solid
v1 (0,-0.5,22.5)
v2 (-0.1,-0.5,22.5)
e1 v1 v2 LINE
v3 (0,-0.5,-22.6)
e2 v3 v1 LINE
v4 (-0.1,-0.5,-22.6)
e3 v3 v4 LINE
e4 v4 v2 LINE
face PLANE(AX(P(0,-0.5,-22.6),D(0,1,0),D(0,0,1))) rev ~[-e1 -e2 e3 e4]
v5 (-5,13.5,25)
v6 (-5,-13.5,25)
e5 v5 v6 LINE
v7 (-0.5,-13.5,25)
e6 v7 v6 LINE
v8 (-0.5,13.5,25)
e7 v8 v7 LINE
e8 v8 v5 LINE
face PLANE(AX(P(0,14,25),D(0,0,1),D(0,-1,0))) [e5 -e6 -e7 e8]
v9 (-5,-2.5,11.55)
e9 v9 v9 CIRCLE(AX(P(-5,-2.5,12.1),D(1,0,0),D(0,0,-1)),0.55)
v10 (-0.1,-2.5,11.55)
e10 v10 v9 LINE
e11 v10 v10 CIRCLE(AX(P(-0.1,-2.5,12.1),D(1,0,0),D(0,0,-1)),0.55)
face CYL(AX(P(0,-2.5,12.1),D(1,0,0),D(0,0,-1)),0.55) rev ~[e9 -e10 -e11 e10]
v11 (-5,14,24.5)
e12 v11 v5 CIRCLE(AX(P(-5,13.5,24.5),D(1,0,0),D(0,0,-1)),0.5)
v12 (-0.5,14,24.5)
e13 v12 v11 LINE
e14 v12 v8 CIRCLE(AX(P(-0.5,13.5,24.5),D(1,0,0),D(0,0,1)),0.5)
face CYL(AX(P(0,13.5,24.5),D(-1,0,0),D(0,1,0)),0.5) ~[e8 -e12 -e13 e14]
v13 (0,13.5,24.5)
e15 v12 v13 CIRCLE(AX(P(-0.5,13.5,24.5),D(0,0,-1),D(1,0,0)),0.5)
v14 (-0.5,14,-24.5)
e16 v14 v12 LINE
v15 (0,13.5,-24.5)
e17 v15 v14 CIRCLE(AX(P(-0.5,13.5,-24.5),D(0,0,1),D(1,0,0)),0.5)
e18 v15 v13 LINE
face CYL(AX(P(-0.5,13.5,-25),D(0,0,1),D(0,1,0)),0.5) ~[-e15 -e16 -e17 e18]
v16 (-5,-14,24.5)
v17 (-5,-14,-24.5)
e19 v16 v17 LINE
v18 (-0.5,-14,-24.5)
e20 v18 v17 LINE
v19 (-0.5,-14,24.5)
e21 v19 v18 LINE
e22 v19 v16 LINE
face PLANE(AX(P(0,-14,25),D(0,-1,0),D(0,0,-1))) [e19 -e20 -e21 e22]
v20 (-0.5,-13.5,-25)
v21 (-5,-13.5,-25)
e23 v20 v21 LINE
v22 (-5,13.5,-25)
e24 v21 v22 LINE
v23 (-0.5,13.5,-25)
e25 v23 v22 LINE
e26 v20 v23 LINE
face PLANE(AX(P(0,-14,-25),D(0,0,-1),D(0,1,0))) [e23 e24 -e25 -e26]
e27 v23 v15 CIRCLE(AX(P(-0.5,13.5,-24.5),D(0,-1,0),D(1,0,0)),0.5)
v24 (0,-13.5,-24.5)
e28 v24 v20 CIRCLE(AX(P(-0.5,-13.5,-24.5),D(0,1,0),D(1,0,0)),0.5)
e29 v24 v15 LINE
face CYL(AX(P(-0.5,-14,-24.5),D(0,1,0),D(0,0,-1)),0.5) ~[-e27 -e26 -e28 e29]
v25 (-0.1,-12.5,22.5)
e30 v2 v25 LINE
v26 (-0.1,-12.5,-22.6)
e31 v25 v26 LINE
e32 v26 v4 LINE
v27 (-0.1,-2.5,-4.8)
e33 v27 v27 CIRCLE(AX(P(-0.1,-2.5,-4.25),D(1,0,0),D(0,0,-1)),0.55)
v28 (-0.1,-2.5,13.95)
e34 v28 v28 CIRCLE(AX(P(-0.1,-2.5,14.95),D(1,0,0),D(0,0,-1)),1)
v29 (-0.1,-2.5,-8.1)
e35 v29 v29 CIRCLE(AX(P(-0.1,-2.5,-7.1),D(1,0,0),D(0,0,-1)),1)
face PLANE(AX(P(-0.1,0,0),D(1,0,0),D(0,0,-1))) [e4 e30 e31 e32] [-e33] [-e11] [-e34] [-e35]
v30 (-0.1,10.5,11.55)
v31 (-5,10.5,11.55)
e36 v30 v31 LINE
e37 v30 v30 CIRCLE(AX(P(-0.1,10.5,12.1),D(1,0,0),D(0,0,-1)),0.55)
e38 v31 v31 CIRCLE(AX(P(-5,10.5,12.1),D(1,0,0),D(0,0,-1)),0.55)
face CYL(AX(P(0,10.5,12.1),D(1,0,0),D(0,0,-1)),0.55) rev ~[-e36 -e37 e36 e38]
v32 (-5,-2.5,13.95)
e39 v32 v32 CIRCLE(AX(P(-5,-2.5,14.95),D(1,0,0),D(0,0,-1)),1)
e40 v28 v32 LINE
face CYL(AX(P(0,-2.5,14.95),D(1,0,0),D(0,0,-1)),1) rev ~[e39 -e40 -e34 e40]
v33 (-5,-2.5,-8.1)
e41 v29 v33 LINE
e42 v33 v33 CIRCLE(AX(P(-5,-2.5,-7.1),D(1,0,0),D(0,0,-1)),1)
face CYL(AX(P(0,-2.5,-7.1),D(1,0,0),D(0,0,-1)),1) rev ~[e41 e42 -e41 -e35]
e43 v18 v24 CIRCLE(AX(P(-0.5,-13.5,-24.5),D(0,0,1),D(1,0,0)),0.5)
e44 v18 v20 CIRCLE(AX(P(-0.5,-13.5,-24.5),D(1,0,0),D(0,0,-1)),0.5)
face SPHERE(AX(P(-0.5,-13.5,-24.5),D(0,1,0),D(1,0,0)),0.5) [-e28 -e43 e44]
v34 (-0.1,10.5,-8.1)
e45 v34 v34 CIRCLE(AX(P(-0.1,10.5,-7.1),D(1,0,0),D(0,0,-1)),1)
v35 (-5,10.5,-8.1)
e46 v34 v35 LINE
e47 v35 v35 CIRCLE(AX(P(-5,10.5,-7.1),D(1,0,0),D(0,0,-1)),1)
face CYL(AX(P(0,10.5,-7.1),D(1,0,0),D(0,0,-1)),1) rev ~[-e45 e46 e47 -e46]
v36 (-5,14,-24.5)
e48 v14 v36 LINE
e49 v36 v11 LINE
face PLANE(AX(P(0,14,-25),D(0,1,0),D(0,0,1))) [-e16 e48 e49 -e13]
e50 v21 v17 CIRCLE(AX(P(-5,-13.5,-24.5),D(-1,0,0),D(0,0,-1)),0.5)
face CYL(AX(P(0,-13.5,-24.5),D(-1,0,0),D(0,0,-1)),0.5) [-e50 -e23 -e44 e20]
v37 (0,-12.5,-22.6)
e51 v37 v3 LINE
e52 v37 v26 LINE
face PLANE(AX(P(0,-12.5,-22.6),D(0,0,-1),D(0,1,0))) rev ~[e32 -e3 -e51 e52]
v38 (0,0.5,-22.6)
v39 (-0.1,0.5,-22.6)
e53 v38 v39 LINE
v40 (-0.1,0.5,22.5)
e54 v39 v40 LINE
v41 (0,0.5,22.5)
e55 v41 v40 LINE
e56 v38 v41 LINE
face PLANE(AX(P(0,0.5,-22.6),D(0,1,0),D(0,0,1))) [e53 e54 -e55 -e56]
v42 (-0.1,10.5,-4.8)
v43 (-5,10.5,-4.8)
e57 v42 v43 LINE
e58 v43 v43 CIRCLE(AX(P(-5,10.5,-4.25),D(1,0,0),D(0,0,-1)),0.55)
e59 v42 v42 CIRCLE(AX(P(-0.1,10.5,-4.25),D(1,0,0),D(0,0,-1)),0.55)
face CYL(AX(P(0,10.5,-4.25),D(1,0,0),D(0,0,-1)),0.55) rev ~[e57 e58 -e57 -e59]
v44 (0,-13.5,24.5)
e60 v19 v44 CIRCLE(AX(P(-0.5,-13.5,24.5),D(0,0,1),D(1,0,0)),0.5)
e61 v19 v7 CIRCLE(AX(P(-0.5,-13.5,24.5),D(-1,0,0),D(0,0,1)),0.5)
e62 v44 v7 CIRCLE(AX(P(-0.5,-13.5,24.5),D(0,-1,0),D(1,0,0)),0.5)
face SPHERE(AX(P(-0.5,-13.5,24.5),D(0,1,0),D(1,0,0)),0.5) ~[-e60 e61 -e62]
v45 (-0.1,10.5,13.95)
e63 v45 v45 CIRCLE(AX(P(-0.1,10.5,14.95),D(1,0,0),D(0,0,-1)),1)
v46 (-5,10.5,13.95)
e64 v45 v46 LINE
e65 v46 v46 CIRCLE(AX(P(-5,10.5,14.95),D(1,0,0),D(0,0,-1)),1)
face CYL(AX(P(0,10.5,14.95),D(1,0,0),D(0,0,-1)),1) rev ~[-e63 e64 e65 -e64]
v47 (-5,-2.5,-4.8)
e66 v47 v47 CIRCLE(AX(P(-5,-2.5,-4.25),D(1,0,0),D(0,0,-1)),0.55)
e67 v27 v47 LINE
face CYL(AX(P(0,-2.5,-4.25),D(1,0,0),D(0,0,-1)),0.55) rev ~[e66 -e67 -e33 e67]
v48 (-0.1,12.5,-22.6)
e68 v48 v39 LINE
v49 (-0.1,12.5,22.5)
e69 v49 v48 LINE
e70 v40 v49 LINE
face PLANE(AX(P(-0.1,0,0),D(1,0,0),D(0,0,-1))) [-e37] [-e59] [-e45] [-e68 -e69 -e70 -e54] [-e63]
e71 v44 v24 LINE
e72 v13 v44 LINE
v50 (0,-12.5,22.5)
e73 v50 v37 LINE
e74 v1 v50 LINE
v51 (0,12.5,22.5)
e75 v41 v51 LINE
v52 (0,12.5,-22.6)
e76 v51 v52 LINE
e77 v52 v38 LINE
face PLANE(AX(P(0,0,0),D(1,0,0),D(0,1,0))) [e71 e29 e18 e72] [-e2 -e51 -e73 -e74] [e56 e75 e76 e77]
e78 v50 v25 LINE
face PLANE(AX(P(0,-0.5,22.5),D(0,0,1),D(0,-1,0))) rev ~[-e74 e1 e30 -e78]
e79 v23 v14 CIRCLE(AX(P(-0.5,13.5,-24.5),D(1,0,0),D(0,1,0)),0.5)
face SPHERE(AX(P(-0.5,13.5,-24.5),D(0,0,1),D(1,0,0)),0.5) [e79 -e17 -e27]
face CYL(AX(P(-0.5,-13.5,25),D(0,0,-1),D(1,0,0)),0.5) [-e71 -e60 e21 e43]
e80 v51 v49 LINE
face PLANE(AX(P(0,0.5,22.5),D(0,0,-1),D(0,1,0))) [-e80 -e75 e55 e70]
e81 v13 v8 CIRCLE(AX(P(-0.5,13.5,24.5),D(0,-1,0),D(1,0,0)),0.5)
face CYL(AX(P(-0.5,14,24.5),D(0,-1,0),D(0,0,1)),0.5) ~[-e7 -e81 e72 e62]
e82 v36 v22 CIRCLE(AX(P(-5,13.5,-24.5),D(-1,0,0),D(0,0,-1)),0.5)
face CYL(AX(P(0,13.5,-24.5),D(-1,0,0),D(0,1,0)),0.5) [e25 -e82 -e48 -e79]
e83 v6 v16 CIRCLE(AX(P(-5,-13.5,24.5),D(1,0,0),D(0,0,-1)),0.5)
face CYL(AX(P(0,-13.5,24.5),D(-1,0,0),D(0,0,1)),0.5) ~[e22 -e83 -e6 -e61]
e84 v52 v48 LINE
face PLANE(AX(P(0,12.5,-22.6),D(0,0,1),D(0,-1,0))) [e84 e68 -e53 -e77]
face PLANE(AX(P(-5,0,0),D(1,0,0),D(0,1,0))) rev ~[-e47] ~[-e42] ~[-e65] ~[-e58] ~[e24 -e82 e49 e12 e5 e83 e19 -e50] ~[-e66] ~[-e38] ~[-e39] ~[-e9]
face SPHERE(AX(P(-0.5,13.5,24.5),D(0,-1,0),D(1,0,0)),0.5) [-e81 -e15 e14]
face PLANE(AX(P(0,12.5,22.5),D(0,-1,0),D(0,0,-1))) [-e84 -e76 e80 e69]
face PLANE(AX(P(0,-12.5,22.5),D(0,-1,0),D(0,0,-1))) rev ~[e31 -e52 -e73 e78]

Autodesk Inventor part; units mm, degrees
ref_plane "YZ Plane" through (0, 0, 0) normal (1, 0, 0) x (0, 1, 0)
ref_plane "XZ Plane" through (0, 0, 0) normal (0, 1, 0) x (-1, 0, 0)
ref_plane "XY Plane" through (0, 0, 0) normal (0, 0, 1) x (1, 0, 0)
sketch "Sketch1" plane through (0, 0, 0) normal (1, 0, 0) x (0, 1, 0)
  line L0 (14, 25) -> (-14, 25)
  line L1 (-14, 25) -> (-14, -25)
  line L2 (-14, -25) -> (14, -25)
  line L3 (14, -25) -> (14, 25)
  point P0 (0, 0)
  dimension "d0" = 50
  dimension "d1" = 25
  dimension "d2" = 28
  dimension "d3" = 14
extrude "Extrusion1" add sketch "Sketch1" against normal blind 5
sketch "Sketch2" plane through (0, 0, 0) normal (1, 0, 0) x (0, 0, -1)
  circle A0 centre (-12.1, 10.5) radius 0.55
  circle A1 centre (-14.95, 10.5) radius 1
  circle A2 centre (4.25, 10.5) radius 0.55
  circle A3 centre (7.1, 10.5) radius 1
  line L0 (25, -14) -> (25, 14) projected
  line L1 (-25, 14) -> (-25, -14) projected
  line L2 (-14.95, 10.5) -> (7.1, 10.5) construction
  line L3 (-25, -14) -> (25, -14) projected
  line L4 (25, 14) -> (-25, 14) projected
  line L5 (-8.2421, 4) -> (2.4524, 4) construction
  circle A4 centre (-12.1, -2.5) radius 0.55
  circle A5 centre (-14.95, -2.5) radius 1
  circle A6 centre (4.25, -2.5) radius 0.55
  circle A7 centre (7.1, -2.5) radius 1
  line L6 (-14.95, -2.5) -> (7.1, -2.5) construction
  point P0 (0, 0)
  dimension "d6" = 2
  dimension "d7" = 2
  dimension "d8" = 1.1
  dimension "d9" = 1.1
  dimension "d11" = 2.85
  dimension "d13" = 2.85
  dimension "d14" = 10.05
  dimension "d19" = 16.35
  dimension "d20" = 3.5
  dimension "d28" = 10
extrude "Extrusion2" cut sketch "Sketch2" against normal up to surface (5 mm away) contours A0 | A1 | A2 | A3 | A4 | A5 | A6 | A7
fillet "Fillet1" radius 0.5 8 edges at (0, 0, 25) (0, 14, 0) (0, 0, -25) (0, -14, 0) (-2.5, 14, 25) (-2.5, -14, 25) (-2.5, 14, -25) (-2.5, -14, -25)
sketch "Sketch3" plane through (0, 0, 0) normal (1, 0, 0) x (0, 0, -1)
  line L0 (-22.5, 12.5) -> (22.6, 12.5)
  line L1 (22.6, 12.5) -> (22.6, 0.5)
  line L2 (22.6, 0.5) -> (-22.5, 0.5)
  line L3 (-22.5, 0.5) -> (-22.5, 12.5)
  circle A0 centre (-14.95, 10.5) radius 1 projected
  line L4 (0, 0) -> (3.2775, 0) construction
  line L5 (-22.5, -12.5) -> (22.6, -12.5)
  line L6 (22.6, -12.5) -> (22.6, -0.5)
  line L7 (22.6, -0.5) -> (-22.5, -0.5)
  line L8 (-22.5, -0.5) -> (-22.5, -12.5)
  dimension "d21" = 45.1
  dimension "d22" = 7.55
  dimension "d23" = 10
  dimension "d24" = 2
extrude "Extrusion3" cut sketch "Sketch3" against normal blind 0.1
properties part number "Dual_Backplate"
